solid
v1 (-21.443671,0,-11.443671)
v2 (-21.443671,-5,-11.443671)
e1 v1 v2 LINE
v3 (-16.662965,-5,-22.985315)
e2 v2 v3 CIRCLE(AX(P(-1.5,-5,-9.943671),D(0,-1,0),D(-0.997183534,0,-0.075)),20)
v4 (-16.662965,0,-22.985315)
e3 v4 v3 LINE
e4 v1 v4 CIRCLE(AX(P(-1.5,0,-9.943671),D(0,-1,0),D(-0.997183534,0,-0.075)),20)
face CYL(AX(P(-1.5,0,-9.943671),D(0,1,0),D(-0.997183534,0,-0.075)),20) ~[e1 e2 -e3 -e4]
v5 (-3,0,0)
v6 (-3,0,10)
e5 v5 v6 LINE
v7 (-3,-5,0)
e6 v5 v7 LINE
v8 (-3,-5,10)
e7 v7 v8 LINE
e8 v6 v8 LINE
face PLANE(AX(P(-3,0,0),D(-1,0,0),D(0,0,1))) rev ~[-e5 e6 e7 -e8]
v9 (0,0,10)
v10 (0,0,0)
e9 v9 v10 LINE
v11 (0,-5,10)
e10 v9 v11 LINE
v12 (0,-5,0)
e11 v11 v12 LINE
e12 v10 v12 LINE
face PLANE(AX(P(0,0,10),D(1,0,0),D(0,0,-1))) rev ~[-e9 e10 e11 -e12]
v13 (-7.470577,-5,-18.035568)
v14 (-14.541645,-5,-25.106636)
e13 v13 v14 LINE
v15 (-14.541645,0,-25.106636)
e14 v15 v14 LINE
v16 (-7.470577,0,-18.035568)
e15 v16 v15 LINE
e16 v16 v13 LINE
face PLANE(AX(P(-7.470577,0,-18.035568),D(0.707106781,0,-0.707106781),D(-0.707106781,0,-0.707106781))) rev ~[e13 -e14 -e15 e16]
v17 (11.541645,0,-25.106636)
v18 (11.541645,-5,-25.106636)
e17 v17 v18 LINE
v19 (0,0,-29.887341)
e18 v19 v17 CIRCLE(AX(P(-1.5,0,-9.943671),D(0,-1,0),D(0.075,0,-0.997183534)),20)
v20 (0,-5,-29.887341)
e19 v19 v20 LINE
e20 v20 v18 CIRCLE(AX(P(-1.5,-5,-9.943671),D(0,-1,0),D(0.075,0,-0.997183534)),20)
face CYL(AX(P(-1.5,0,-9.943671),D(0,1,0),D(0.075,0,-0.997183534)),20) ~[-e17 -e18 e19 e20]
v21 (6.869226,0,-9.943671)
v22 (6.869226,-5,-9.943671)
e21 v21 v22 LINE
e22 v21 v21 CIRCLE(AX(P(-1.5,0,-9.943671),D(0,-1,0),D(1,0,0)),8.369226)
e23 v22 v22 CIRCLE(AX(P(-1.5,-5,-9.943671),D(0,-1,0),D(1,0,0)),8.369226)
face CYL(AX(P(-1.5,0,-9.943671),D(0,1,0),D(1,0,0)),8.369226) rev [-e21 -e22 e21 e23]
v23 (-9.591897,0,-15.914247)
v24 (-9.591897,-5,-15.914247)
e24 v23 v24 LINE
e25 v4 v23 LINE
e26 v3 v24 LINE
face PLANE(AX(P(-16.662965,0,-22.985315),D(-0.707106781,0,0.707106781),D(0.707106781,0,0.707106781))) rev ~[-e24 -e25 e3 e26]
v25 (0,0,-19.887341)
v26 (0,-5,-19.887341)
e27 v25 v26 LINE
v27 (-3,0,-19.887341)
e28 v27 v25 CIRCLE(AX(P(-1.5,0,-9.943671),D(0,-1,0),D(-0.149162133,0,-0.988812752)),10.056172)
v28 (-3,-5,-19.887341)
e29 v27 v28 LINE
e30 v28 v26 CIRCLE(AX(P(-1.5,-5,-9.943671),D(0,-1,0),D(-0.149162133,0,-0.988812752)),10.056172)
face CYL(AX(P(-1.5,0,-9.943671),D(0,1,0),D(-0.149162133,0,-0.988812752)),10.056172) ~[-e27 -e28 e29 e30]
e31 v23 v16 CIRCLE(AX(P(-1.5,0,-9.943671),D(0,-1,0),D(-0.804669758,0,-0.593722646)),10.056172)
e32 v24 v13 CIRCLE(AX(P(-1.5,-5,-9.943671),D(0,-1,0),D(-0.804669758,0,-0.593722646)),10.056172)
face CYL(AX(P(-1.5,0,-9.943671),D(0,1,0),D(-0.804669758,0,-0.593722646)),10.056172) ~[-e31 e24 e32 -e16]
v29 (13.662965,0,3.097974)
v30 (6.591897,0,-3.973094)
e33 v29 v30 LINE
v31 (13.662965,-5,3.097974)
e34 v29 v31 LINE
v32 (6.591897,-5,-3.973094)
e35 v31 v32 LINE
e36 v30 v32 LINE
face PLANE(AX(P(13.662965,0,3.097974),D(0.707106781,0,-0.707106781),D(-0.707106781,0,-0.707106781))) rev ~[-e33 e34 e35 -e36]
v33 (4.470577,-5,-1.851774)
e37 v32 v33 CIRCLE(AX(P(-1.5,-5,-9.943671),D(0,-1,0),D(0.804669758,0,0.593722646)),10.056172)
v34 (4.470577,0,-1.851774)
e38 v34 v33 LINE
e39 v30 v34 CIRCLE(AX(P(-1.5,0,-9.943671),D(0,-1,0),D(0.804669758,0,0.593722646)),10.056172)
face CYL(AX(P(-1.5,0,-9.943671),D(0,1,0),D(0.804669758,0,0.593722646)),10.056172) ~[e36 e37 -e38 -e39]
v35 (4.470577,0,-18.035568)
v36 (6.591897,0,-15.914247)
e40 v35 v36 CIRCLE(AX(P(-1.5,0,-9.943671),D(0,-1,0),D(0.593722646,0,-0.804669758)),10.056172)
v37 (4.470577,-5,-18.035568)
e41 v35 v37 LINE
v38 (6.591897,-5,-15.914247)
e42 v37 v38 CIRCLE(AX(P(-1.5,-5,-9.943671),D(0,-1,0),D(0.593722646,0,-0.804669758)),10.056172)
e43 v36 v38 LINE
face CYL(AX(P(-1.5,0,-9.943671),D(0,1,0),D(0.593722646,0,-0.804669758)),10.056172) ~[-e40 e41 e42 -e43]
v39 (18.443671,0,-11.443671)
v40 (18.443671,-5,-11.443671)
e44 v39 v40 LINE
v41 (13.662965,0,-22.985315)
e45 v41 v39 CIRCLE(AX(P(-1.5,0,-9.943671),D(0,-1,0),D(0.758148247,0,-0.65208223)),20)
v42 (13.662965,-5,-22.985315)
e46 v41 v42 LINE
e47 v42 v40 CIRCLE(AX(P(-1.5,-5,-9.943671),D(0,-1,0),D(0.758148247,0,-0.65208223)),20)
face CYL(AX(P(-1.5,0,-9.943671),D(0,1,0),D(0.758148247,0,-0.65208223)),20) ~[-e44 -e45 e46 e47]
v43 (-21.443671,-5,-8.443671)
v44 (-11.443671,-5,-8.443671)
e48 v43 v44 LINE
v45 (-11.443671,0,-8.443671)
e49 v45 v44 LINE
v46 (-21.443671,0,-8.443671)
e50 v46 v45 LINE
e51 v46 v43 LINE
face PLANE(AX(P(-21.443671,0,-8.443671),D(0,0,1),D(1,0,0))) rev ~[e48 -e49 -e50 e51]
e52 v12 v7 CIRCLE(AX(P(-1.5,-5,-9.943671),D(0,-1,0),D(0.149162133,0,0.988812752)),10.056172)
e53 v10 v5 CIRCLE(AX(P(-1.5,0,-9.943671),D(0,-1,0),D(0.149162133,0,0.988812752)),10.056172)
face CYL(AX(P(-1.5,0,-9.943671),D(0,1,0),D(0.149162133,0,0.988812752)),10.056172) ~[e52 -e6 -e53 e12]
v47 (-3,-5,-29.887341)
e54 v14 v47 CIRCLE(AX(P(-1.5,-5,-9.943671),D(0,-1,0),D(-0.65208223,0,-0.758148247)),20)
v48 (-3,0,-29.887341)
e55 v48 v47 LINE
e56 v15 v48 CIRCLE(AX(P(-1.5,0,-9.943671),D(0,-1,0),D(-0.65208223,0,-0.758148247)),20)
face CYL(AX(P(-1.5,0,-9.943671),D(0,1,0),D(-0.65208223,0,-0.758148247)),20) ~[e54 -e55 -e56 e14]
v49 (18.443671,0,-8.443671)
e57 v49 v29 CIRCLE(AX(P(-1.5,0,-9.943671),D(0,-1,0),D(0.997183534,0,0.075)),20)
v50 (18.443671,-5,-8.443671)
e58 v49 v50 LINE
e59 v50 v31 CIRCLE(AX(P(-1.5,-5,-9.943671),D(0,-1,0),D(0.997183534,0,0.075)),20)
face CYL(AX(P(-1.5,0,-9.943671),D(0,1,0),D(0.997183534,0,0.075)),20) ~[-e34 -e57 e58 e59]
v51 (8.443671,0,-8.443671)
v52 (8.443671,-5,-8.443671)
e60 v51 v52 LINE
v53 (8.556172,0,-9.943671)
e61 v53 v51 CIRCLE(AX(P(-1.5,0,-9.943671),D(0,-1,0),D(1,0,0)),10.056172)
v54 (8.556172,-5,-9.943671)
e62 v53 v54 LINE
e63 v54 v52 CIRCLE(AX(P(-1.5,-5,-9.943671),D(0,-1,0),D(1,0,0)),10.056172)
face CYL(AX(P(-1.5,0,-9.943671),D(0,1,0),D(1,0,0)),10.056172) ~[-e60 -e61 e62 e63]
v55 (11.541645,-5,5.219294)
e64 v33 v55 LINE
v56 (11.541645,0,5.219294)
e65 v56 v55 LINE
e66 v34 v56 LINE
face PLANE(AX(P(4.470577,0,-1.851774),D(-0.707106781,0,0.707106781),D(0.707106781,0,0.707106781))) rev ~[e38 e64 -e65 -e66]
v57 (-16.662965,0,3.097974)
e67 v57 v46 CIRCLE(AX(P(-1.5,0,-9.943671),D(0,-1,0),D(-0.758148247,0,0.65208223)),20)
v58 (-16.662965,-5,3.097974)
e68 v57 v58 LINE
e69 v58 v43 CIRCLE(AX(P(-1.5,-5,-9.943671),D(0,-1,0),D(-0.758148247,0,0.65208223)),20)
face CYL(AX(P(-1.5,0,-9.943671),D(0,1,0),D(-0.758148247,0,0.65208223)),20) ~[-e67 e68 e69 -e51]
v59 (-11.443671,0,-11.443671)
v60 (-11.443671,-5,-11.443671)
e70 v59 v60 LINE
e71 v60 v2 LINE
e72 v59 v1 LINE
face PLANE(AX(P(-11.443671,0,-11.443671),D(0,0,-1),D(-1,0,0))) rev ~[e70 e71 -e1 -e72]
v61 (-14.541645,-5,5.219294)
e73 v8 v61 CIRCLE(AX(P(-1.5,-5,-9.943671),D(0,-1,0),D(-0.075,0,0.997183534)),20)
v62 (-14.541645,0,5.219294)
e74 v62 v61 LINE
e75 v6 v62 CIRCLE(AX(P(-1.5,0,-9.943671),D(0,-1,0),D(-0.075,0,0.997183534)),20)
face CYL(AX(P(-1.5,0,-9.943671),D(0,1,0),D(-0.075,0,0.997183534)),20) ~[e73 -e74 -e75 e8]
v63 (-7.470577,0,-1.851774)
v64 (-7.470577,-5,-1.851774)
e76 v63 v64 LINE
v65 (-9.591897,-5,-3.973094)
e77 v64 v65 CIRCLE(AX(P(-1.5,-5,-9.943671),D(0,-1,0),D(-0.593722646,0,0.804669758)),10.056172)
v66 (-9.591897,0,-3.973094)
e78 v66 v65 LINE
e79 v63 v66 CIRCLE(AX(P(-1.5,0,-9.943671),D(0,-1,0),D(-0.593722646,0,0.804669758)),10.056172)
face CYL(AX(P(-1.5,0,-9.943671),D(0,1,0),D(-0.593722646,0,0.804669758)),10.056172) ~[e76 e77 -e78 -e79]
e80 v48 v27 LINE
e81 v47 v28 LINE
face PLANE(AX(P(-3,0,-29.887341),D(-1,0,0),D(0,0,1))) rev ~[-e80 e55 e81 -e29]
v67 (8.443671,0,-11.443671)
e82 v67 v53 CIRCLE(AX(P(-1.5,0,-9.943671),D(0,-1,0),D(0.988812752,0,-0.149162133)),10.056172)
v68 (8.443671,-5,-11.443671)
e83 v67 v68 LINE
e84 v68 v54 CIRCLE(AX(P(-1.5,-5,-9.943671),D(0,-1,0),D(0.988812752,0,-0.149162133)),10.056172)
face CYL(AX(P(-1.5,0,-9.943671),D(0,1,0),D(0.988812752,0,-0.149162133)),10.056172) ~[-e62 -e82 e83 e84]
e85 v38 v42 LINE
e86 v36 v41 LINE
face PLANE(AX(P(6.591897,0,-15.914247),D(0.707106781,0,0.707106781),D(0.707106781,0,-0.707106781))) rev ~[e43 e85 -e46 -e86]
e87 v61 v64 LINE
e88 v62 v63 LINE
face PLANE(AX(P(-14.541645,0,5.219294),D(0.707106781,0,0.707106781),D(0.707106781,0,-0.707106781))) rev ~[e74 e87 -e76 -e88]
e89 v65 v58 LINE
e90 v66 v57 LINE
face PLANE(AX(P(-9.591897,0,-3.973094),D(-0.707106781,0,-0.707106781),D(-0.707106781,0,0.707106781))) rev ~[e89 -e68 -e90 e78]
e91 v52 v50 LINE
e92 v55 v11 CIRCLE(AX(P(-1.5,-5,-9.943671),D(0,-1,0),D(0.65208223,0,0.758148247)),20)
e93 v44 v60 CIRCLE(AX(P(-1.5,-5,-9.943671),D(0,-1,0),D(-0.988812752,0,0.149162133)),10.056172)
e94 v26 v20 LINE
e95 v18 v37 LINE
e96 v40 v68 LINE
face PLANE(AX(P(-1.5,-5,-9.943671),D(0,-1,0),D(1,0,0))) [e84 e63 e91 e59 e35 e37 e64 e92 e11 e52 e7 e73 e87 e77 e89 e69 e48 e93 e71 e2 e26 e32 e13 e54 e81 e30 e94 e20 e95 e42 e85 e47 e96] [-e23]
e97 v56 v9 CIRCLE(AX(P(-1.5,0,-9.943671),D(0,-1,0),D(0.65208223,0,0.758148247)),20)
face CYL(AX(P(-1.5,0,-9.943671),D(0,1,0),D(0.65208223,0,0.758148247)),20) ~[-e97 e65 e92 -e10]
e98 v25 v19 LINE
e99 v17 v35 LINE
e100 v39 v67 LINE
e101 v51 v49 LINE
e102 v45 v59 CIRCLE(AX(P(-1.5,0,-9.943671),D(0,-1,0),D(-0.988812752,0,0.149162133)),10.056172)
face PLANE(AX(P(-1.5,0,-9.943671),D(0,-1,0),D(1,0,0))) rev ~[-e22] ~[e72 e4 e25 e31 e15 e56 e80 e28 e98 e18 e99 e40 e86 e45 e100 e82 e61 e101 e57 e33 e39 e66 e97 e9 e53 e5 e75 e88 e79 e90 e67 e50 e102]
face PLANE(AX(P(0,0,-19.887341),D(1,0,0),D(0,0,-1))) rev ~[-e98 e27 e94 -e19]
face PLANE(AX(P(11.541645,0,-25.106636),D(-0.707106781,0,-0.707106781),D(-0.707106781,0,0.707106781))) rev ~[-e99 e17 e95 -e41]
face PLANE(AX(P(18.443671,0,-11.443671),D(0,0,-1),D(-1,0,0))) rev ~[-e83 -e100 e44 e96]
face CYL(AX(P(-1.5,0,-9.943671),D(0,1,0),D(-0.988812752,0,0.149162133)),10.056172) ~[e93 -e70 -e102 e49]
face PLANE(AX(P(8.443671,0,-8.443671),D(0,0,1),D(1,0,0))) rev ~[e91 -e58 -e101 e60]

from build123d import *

# Parameters (mm, degrees)
F0_R     = 8.3692261917
F1_DEPTH = 5
F2_DEPTH = 5


with BuildPart() as f1:
    # F0 (on Front) → F1 (new body)
    with BuildSketch(Plane.XZ):
        with BuildLine():
            ThreePointArc((4.4705767925, -1.8517735391), (2.34833025, -0.6529795931), (0, 0))
            Line((0, 0), (-3, 0))
            ThreePointArc((-3, 0), (-5.34833025, -0.6529795931), (-7.4705767925, -1.8517735391))
            Line((-7.4705767925, -1.8517735391), (-9.5918971361, -3.9730938827))
            ThreePointArc((-9.5918971361, -3.9730938827), (-10.7906910821, -6.0953404252), (-11.4436706752, -8.4436706752))
            Line((-11.4436706752, -8.4436706752), (-11.4436706752, -11.4436706752))
            ThreePointArc((-11.4436706752, -11.4436706752), (-10.7906910821, -13.7920009252), (-9.5918971361, -15.9142474677))
            Line((-9.5918971361, -15.9142474677), (-7.4705767925, -18.0355678113))
            ThreePointArc((-7.4705767925, -18.0355678113), (-5.34833025, -19.2343617573), (-3, -19.8873413504))
            Line((-3, -19.8873413504), (0, -19.8873413504))
            ThreePointArc((0, -19.8873413504), (2.34833025, -19.2343617573), (4.4705767925, -18.0355678113))
            Line((4.4705767925, -18.0355678113), (6.5918971361, -15.9142474677))
            ThreePointArc((6.5918971361, -15.9142474677), (7.7906910821, -13.7920009252), (8.4436706752, -11.4436706752))
            Line((8.4436706752, -11.4436706752), (8.4436706752, -8.4436706752))
            ThreePointArc((8.4436706752, -8.4436706752), (7.7906910821, -6.0953404252), (6.5918971361, -3.9730938827))
            Line((6.5918971361, -3.9730938827), (4.4705767925, -1.8517735391))
        make_face()
        with Locations((-1.5, -9.9436706752)):
            Circle(F0_R, mode=Mode.SUBTRACT)
        with BuildLine():
            Line((0, 10), (0, 0))
            ThreePointArc((0, 0), (2.34833025, -0.6529795931), (4.4705767925, -1.8517735391))
            Line((4.4705767925, -1.8517735391), (11.5416446044, 5.2192942728))
            ThreePointArc((11.5416446044, 5.2192942728), (6.1536686473, 8.533919975), (0, 10))
        make_face()
        with BuildLine():
            Line((-3, 0), (0, 0))
            ThreePointArc((0, 0), (-1.5, 0.1125008874), (-3, 0))
        make_face()
        with BuildLine():
            ThreePointArc((-7.4705767925, -1.8517735391), (-5.34833025, -0.6529795931), (-3, 0))
            Line((-3, 0), (-3, 10))
            ThreePointArc((-3, 10), (-9.1536686473, 8.533919975), (-14.5416446044, 5.2192942728))
            Line((-14.5416446044, 5.2192942728), (-7.4705767925, -1.8517735391))
        make_face()
        with BuildLine():
            ThreePointArc((6.5918971361, -3.9730938827), (5.6107871047, -2.8328835705), (4.4705767925, -1.8517735391))
            Line((4.4705767925, -1.8517735391), (6.5918971361, -3.9730938827))
        make_face()
        with BuildLine():
            Line((-9.5918971361, -3.9730938827), (-7.4705767925, -1.8517735391))
            ThreePointArc((-7.4705767925, -1.8517735391), (-8.6107871047, -2.8328835705), (-9.5918971361, -3.9730938827))
        make_face()
        with BuildLine():
            Line((13.662964948, 3.0979739292), (6.5918971361, -3.9730938827))
            ThreePointArc((6.5918971361, -3.9730938827), (7.7906910821, -6.0953404252), (8.4436706752, -8.4436706752))
            Line((8.4436706752, -8.4436706752), (18.4436706752, -8.4436706752))
            ThreePointArc((18.4436706752, -8.4436706752), (16.9775906502, -2.2900020279), (13.662964948, 3.0979739292))
        make_face()
        with BuildLine():
            ThreePointArc((-11.4436706752, -8.4436706752), (-10.7906910821, -6.0953404252), (-9.5918971361, -3.9730938827))
            Line((-9.5918971361, -3.9730938827), (-16.662964948, 3.0979739292))
            ThreePointArc((-16.662964948, 3.0979739292), (-19.9775906502, -2.2900020279), (-21.4436706752, -8.4436706752))
            Line((-21.4436706752, -8.4436706752), (-11.4436706752, -8.4436706752))
        make_face()
        with BuildLine():
            ThreePointArc((8.5561715626, -9.9436706752), (8.5280068999, -9.191564225), (8.4436706752, -8.4436706752))
            Line((8.4436706752, -8.4436706752), (8.4436706752, -11.4436706752))
            ThreePointArc((8.4436706752, -11.4436706752), (8.5280068999, -10.6957771254), (8.5561715626, -9.9436706752))
        make_face()
        with BuildLine():
            Line((-11.4436706752, -11.4436706752), (-11.4436706752, -8.4436706752))
            ThreePointArc((-11.4436706752, -8.4436706752), (-11.5561715626, -9.9436706752), (-11.4436706752, -11.4436706752))
        make_face()
        with BuildLine():
            Line((18.4436706752, -11.4436706752), (8.4436706752, -11.4436706752))
            ThreePointArc((8.4436706752, -11.4436706752), (7.7906910821, -13.7920009252), (6.5918971361, -15.9142474677))
            Line((6.5918971361, -15.9142474677), (13.662964948, -22.9853152796))
            ThreePointArc((13.662964948, -22.9853152796), (16.9775906502, -17.5973393225), (18.4436706752, -11.4436706752))
        make_face()
        with BuildLine():
            ThreePointArc((-9.5918971361, -15.9142474677), (-10.7906910821, -13.7920009252), (-11.4436706752, -11.4436706752))
            Line((-11.4436706752, -11.4436706752), (-21.4436706752, -11.4436706752))
            ThreePointArc((-21.4436706752, -11.4436706752), (-19.9775906502, -17.5973393225), (-16.662964948, -22.9853152796))
            Line((-16.662964948, -22.9853152796), (-9.5918971361, -15.9142474677))
        make_face()
        with BuildLine():
            ThreePointArc((4.4705767925, -18.0355678113), (5.6107871047, -17.0544577799), (6.5918971361, -15.9142474677))
            Line((6.5918971361, -15.9142474677), (4.4705767925, -18.0355678113))
        make_face()
        with BuildLine():
            Line((-7.4705767925, -18.0355678113), (-9.5918971361, -15.9142474677))
            ThreePointArc((-9.5918971361, -15.9142474677), (-8.6107871047, -17.0544577799), (-7.4705767925, -18.0355678113))
        make_face()
        with BuildLine():
            Line((11.5416446044, -25.1066356231), (4.4705767925, -18.0355678113))
            ThreePointArc((4.4705767925, -18.0355678113), (2.34833025, -19.2343617573), (0, -19.8873413504))
            Line((0, -19.8873413504), (0, -29.8873413504))
            ThreePointArc((0, -29.8873413504), (6.1536686473, -28.4212613254), (11.5416446044, -25.1066356231))
        make_face()
        with BuildLine():
            ThreePointArc((-3, -19.8873413504), (-5.34833025, -19.2343617573), (-7.4705767925, -18.0355678113))
            Line((-7.4705767925, -18.0355678113), (-14.5416446044, -25.1066356231))
            ThreePointArc((-14.5416446044, -25.1066356231), (-9.1536686473, -28.4212613254), (-3, -29.8873413504))
            Line((-3, -29.8873413504), (-3, -19.8873413504))
        make_face()
        with BuildLine():
            ThreePointArc((-3, -19.8873413504), (-1.5, -19.9998422378), (0, -19.8873413504))
            Line((0, -19.8873413504), (-3, -19.8873413504))
        make_face()
    extrude(amount=F1_DEPTH)

    # F0 (on Front) → F2 (join)
    with BuildSketch(Plane.XZ):
        with BuildLine():
            ThreePointArc((4.4705767925, -1.8517735391), (2.34833025, -0.6529795931), (0, 0))
            Line((0, 0), (-3, 0))
            ThreePointArc((-3, 0), (-5.34833025, -0.6529795931), (-7.4705767925, -1.8517735391))
            Line((-7.4705767925, -1.8517735391), (-9.5918971361, -3.9730938827))
            ThreePointArc((-9.5918971361, -3.9730938827), (-10.7906910821, -6.0953404252), (-11.4436706752, -8.4436706752))
            Line((-11.4436706752, -8.4436706752), (-11.4436706752, -11.4436706752))
            ThreePointArc((-11.4436706752, -11.4436706752), (-10.7906910821, -13.7920009252), (-9.5918971361, -15.9142474677))
            Line((-9.5918971361, -15.9142474677), (-7.4705767925, -18.0355678113))
            ThreePointArc((-7.4705767925, -18.0355678113), (-5.34833025, -19.2343617573), (-3, -19.8873413504))
            Line((-3, -19.8873413504), (0, -19.8873413504))
            ThreePointArc((0, -19.8873413504), (2.34833025, -19.2343617573), (4.4705767925, -18.0355678113))
            Line((4.4705767925, -18.0355678113), (6.5918971361, -15.9142474677))
            ThreePointArc((6.5918971361, -15.9142474677), (7.7906910821, -13.7920009252), (8.4436706752, -11.4436706752))
            Line((8.4436706752, -11.4436706752), (8.4436706752, -8.4436706752))
            ThreePointArc((8.4436706752, -8.4436706752), (7.7906910821, -6.0953404252), (6.5918971361, -3.9730938827))
            Line((6.5918971361, -3.9730938827), (4.4705767925, -1.8517735391))
        make_face()
        with Locations((-1.5, -9.9436706752)):
            Circle(F0_R, mode=Mode.SUBTRACT)
        with BuildLine():
            Line((0, 10), (0, 0))
            ThreePointArc((0, 0), (2.34833025, -0.6529795931), (4.4705767925, -1.8517735391))
            Line((4.4705767925, -1.8517735391), (11.5416446044, 5.2192942728))
            ThreePointArc((11.5416446044, 5.2192942728), (6.1536686473, 8.533919975), (0, 10))
        make_face()
        with BuildLine():
            Line((-3, 0), (0, 0))
            ThreePointArc((0, 0), (-1.5, 0.1125008874), (-3, 0))
        make_face()
        with BuildLine():
            ThreePointArc((-7.4705767925, -1.8517735391), (-5.34833025, -0.6529795931), (-3, 0))
            Line((-3, 0), (-3, 10))
            ThreePointArc((-3, 10), (-9.1536686473, 8.533919975), (-14.5416446044, 5.2192942728))
            Line((-14.5416446044, 5.2192942728), (-7.4705767925, -1.8517735391))
        make_face()
        with BuildLine():
            ThreePointArc((6.5918971361, -3.9730938827), (5.6107871047, -2.8328835705), (4.4705767925, -1.8517735391))
            Line((4.4705767925, -1.8517735391), (6.5918971361, -3.9730938827))
        make_face()
        with BuildLine():
            Line((-9.5918971361, -3.9730938827), (-7.4705767925, -1.8517735391))
            ThreePointArc((-7.4705767925, -1.8517735391), (-8.6107871047, -2.8328835705), (-9.5918971361, -3.9730938827))
        make_face()
        with BuildLine():
            Line((13.662964948, 3.0979739292), (6.5918971361, -3.9730938827))
            ThreePointArc((6.5918971361, -3.9730938827), (7.7906910821, -6.0953404252), (8.4436706752, -8.4436706752))
            Line((8.4436706752, -8.4436706752), (18.4436706752, -8.4436706752))
            ThreePointArc((18.4436706752, -8.4436706752), (16.9775906502, -2.2900020279), (13.662964948, 3.0979739292))
        make_face()
        with BuildLine():
            ThreePointArc((-11.4436706752, -8.4436706752), (-10.7906910821, -6.0953404252), (-9.5918971361, -3.9730938827))
            Line((-9.5918971361, -3.9730938827), (-16.662964948, 3.0979739292))
            ThreePointArc((-16.662964948, 3.0979739292), (-19.9775906502, -2.2900020279), (-21.4436706752, -8.4436706752))
            Line((-21.4436706752, -8.4436706752), (-11.4436706752, -8.4436706752))
        make_face()
        with BuildLine():
            ThreePointArc((8.5561715626, -9.9436706752), (8.5280068999, -9.191564225), (8.4436706752, -8.4436706752))
            Line((8.4436706752, -8.4436706752), (8.4436706752, -11.4436706752))
            ThreePointArc((8.4436706752, -11.4436706752), (8.5280068999, -10.6957771254), (8.5561715626, -9.9436706752))
        make_face()
        with BuildLine():
            Line((-11.4436706752, -11.4436706752), (-11.4436706752, -8.4436706752))
            ThreePointArc((-11.4436706752, -8.4436706752), (-11.5561715626, -9.9436706752), (-11.4436706752, -11.4436706752))
        make_face()
        with BuildLine():
            Line((18.4436706752, -11.4436706752), (8.4436706752, -11.4436706752))
            ThreePointArc((8.4436706752, -11.4436706752), (7.7906910821, -13.7920009252), (6.5918971361, -15.9142474677))
            Line((6.5918971361, -15.9142474677), (13.662964948, -22.9853152796))
            ThreePointArc((13.662964948, -22.9853152796), (16.9775906502, -17.5973393225), (18.4436706752, -11.4436706752))
        make_face()
        with BuildLine():
            ThreePointArc((-9.5918971361, -15.9142474677), (-10.7906910821, -13.7920009252), (-11.4436706752, -11.4436706752))
            Line((-11.4436706752, -11.4436706752), (-21.4436706752, -11.4436706752))
            ThreePointArc((-21.4436706752, -11.4436706752), (-19.9775906502, -17.5973393225), (-16.662964948, -22.9853152796))
            Line((-16.662964948, -22.9853152796), (-9.5918971361, -15.9142474677))
        make_face()
        with BuildLine():
            ThreePointArc((4.4705767925, -18.0355678113), (5.6107871047, -17.0544577799), (6.5918971361, -15.9142474677))
            Line((6.5918971361, -15.9142474677), (4.4705767925, -18.0355678113))
        make_face()
        with BuildLine():
            Line((-7.4705767925, -18.0355678113), (-9.5918971361, -15.9142474677))
            ThreePointArc((-9.5918971361, -15.9142474677), (-8.6107871047, -17.0544577799), (-7.4705767925, -18.0355678113))
        make_face()
        with BuildLine():
            Line((11.5416446044, -25.1066356231), (4.4705767925, -18.0355678113))
            ThreePointArc((4.4705767925, -18.0355678113), (2.34833025, -19.2343617573), (0, -19.8873413504))
            Line((0, -19.8873413504), (0, -29.8873413504))
            ThreePointArc((0, -29.8873413504), (6.1536686473, -28.4212613254), (11.5416446044, -25.1066356231))
        make_face()
        with BuildLine():
            ThreePointArc((-3, -19.8873413504), (-5.34833025, -19.2343617573), (-7.4705767925, -18.0355678113))
            Line((-7.4705767925, -18.0355678113), (-14.5416446044, -25.1066356231))
            ThreePointArc((-14.5416446044, -25.1066356231), (-9.1536686473, -28.4212613254), (-3, -29.8873413504))
            Line((-3, -29.8873413504), (-3, -19.8873413504))
        make_face()
        with BuildLine():
            ThreePointArc((-3, -19.8873413504), (-1.5, -19.9998422378), (0, -19.8873413504))
            Line((0, -19.8873413504), (-3, -19.8873413504))
        make_face()
    extrude(amount=F2_DEPTH)


solid = f1.part
